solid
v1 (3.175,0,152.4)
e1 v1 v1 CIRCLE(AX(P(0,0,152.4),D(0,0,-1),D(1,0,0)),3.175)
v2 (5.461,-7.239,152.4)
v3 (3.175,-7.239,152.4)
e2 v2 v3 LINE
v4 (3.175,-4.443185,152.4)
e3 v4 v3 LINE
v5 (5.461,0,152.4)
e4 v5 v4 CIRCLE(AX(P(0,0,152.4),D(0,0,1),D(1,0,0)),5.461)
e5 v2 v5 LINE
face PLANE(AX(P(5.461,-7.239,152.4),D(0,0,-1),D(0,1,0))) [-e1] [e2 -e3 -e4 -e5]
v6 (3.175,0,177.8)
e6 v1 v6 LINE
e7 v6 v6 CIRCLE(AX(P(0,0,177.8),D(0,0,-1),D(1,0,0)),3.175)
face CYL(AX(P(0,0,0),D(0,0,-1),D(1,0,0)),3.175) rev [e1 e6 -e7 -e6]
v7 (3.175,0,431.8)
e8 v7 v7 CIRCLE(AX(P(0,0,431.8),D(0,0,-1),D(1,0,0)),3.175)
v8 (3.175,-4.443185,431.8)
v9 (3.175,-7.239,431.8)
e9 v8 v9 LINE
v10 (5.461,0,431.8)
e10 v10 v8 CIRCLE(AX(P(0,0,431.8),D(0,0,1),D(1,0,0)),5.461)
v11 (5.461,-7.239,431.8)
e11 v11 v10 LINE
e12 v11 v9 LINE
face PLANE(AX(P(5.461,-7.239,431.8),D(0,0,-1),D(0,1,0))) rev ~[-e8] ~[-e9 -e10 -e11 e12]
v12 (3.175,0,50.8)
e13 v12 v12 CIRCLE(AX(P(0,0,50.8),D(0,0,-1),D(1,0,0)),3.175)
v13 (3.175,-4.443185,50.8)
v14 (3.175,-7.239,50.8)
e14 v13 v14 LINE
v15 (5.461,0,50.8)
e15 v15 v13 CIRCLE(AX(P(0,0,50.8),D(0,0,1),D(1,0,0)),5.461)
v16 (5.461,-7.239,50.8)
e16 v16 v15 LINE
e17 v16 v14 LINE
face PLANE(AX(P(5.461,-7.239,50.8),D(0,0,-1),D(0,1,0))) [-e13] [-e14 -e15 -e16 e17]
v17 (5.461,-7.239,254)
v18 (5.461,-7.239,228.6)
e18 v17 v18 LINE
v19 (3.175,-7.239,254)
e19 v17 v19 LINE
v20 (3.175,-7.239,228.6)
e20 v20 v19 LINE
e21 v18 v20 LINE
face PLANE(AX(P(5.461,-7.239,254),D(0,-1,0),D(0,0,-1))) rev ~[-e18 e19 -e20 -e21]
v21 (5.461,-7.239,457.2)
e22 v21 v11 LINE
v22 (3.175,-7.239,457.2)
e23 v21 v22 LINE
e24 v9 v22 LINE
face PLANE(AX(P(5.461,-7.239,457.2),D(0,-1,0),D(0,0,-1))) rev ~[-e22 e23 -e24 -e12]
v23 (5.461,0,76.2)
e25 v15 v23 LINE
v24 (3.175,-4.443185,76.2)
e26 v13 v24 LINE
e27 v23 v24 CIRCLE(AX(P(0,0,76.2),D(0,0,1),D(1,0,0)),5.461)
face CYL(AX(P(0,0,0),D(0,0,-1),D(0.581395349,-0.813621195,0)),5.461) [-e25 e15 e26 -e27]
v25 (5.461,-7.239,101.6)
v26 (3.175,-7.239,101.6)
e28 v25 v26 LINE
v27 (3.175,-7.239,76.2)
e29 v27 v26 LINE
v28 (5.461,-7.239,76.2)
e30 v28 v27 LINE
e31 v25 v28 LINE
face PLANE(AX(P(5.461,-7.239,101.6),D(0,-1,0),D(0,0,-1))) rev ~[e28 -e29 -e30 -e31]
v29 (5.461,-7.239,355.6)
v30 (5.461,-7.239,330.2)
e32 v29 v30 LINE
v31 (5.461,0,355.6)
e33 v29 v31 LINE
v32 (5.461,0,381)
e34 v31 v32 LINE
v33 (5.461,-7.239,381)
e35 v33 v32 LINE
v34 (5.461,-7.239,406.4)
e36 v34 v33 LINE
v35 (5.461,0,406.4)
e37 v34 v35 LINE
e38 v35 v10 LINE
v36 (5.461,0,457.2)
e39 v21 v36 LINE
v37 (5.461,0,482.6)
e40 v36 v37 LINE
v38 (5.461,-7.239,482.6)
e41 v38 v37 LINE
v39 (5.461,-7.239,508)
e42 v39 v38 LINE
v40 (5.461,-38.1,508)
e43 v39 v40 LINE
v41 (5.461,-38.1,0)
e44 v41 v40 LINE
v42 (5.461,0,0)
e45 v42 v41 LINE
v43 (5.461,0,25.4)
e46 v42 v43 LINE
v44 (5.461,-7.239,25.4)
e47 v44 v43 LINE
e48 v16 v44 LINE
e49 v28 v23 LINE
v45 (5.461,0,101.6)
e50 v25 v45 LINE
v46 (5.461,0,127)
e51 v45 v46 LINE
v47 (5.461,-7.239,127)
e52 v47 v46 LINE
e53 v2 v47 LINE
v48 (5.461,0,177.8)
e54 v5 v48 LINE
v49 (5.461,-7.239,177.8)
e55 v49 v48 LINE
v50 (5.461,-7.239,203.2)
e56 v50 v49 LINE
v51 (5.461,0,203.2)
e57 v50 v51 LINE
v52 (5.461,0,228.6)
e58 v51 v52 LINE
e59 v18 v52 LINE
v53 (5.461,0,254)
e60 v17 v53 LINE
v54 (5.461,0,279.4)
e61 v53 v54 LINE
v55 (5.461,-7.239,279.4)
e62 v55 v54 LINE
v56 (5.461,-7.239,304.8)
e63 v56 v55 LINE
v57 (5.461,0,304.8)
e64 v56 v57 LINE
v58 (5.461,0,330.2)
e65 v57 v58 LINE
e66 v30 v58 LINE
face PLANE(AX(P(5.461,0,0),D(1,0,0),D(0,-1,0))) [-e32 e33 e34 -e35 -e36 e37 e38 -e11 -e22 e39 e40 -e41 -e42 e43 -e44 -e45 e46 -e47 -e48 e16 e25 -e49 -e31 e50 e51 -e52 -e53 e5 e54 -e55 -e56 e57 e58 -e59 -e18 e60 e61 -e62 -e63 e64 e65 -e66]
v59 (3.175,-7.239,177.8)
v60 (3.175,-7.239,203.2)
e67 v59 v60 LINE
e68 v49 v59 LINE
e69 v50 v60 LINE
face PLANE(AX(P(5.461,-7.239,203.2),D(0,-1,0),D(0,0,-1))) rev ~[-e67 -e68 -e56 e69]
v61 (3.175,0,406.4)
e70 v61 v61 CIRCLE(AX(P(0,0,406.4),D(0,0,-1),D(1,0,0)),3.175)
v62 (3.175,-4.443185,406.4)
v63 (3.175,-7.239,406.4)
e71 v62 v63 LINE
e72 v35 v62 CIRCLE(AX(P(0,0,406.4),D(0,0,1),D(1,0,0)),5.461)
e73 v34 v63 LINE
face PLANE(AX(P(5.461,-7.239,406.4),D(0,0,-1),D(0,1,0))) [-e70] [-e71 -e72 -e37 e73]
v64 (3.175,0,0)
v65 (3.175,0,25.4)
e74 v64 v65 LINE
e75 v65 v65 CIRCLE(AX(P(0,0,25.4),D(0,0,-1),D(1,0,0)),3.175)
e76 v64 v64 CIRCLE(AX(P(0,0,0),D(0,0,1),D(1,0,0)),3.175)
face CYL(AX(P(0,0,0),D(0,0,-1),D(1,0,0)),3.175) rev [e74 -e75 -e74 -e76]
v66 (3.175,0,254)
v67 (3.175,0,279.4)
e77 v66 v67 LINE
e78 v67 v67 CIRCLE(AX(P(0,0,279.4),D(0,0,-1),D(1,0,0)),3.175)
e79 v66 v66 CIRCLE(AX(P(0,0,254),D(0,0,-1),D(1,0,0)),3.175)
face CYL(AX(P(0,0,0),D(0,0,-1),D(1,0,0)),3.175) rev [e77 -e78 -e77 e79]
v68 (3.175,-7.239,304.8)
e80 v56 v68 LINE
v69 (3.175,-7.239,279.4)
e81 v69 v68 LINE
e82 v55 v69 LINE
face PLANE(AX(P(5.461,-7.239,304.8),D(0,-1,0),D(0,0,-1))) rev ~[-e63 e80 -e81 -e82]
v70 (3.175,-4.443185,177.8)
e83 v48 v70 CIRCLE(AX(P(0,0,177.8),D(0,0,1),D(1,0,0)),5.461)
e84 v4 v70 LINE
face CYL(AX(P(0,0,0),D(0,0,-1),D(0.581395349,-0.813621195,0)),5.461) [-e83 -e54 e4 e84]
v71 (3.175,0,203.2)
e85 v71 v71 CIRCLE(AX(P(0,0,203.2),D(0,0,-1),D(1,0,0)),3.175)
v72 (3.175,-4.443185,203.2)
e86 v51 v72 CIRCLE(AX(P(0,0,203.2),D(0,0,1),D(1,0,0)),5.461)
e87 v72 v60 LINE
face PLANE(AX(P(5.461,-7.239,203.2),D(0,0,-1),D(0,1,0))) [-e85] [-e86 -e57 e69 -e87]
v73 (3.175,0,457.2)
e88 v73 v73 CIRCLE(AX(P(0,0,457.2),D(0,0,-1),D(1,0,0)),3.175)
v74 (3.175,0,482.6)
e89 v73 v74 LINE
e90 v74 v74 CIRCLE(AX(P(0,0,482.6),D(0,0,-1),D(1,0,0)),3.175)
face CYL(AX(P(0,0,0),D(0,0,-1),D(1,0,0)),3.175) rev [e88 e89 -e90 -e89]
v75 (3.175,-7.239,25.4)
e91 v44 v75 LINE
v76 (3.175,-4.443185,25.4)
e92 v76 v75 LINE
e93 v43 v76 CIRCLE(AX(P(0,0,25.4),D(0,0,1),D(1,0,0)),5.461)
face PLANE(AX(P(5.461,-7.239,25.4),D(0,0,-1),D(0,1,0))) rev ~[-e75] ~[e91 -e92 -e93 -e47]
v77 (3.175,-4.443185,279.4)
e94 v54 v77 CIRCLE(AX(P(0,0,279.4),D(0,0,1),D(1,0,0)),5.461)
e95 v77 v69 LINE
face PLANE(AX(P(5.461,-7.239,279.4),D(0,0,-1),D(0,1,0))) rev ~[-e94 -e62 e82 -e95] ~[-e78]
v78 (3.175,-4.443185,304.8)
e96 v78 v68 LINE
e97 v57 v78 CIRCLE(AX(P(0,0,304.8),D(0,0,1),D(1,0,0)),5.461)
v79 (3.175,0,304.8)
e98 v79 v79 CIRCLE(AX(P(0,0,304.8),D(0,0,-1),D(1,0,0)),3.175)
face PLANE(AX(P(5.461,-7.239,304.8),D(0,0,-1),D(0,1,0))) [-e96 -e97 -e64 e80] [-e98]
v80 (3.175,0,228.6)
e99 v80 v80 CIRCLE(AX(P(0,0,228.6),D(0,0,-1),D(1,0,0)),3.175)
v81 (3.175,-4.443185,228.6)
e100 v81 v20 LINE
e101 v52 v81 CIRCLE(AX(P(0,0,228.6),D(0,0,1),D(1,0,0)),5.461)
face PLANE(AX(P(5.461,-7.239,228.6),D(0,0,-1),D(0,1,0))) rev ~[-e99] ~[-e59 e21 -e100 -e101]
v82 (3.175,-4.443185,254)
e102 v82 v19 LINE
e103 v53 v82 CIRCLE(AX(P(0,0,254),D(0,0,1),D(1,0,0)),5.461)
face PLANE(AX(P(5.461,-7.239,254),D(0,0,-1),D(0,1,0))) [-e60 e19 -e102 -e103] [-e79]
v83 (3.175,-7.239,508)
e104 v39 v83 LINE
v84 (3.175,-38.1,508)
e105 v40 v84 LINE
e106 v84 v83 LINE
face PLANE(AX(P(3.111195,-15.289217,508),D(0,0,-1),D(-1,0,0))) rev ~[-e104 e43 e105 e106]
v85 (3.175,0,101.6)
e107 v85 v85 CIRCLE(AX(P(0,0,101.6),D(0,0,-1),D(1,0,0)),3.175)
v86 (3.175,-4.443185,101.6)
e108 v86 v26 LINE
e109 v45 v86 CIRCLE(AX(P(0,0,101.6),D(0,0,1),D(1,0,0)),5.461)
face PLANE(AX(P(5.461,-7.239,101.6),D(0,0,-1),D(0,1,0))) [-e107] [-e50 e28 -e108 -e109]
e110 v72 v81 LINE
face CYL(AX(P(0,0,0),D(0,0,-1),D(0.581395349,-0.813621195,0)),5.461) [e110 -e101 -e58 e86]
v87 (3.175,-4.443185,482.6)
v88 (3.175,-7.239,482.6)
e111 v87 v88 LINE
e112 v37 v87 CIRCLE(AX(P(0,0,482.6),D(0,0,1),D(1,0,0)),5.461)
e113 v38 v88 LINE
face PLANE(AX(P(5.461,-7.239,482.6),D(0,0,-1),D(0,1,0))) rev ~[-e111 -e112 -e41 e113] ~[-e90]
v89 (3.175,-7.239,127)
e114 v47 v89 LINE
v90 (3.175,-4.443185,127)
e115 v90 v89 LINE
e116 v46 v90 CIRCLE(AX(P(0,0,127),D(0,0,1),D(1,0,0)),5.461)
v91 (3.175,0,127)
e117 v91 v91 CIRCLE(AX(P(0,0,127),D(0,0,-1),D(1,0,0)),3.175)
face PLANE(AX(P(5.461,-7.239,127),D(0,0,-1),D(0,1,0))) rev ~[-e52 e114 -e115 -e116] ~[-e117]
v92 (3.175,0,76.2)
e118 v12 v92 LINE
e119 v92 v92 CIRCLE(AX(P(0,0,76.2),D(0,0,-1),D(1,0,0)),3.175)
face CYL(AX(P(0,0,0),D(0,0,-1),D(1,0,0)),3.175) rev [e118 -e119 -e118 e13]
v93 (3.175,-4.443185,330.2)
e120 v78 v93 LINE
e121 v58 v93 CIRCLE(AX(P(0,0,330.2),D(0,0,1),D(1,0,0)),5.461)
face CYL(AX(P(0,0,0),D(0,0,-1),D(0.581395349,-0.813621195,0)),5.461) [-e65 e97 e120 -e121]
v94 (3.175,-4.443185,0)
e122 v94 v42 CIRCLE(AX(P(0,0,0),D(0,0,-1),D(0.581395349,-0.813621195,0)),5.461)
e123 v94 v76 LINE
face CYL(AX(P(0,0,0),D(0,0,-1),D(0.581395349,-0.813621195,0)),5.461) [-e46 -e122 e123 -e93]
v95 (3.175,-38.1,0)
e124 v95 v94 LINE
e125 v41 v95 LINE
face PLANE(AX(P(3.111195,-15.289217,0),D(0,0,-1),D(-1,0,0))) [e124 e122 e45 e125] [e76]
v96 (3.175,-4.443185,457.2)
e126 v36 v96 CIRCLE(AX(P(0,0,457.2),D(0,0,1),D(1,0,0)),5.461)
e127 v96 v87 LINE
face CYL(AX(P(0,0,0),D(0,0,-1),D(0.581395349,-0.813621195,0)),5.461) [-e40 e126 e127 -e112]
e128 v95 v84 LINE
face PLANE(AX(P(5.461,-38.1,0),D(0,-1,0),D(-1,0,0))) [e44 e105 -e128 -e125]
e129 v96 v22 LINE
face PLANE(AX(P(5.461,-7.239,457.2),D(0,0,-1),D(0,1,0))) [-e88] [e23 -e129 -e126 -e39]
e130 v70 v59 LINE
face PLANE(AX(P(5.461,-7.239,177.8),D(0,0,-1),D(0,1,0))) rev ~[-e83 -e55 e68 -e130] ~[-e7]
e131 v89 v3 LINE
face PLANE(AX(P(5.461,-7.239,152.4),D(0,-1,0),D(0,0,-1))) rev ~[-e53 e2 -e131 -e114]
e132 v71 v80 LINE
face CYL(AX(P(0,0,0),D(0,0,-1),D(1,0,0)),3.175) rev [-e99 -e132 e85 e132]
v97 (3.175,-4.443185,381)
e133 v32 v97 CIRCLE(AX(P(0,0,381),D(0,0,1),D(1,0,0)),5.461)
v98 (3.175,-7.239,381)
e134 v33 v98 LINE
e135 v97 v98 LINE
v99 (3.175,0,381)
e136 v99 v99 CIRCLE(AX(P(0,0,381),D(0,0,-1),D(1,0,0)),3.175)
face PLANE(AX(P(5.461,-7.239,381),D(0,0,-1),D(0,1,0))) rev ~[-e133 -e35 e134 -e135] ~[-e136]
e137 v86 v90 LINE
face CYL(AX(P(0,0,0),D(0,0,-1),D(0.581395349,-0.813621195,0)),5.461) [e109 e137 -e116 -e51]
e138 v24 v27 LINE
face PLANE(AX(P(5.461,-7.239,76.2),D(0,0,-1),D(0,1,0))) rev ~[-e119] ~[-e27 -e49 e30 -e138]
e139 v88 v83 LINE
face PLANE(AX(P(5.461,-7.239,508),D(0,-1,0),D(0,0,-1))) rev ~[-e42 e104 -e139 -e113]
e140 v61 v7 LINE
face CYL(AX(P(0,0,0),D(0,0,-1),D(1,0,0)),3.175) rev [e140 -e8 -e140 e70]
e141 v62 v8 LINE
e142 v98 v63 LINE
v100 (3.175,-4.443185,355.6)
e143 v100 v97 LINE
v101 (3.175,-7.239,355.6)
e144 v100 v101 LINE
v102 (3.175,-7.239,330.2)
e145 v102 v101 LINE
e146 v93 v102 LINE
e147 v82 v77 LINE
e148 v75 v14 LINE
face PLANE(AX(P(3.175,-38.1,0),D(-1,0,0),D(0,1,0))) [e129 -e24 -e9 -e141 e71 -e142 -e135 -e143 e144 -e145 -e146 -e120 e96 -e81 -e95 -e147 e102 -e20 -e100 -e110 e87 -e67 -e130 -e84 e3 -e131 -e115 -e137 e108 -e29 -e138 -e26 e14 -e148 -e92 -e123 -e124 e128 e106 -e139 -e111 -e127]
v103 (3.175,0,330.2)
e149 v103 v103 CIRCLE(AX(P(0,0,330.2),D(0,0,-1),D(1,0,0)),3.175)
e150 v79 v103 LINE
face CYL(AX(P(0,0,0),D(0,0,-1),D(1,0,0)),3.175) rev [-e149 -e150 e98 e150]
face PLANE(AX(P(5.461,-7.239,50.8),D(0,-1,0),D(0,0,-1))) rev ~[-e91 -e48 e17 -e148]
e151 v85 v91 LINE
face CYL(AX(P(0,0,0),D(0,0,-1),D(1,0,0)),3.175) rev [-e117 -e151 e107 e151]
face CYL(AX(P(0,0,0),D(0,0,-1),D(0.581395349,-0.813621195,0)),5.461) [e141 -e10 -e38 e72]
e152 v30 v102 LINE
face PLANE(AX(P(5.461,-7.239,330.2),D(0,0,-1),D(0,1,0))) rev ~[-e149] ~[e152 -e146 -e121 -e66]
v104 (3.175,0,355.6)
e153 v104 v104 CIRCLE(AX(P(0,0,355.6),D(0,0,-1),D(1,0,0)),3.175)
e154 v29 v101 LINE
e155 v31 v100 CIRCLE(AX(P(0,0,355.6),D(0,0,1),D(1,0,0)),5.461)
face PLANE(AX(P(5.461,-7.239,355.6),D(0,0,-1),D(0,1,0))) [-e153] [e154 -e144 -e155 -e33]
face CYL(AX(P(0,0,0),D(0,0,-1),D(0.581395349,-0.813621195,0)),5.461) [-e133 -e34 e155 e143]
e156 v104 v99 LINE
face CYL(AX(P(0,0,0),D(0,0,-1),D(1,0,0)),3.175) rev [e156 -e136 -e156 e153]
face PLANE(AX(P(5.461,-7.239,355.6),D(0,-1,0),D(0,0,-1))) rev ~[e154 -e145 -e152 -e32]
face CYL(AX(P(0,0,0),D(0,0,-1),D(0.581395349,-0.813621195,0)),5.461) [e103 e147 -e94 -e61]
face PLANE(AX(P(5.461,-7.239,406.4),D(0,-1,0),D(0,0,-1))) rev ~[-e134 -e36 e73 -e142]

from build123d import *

# Parameters (mm, degrees)
SKETCH1_R           = 3.175
BOSS_EXTRUDE1_DEPTH = 508
SKETCH2_W           = 25.4
SKETCH2_H           = 12.7
CUT_EXTRUDE1_DEPTH  = 11.922
LPATTERN1_COUNT     = 10
LPATTERN1_PITCH     = 50.8


with BuildPart() as part:
    # Sketch1 → Boss-Extrude1 (new body)
    with BuildSketch(Plane.XY):
        with BuildLine():
            Line((5.461, 0), (5.461, -38.1))
            Line((5.461, -38.1), (3.175, -38.1))
            Line((3.175, -38.1), (3.175, -4.443185344))
            ThreePointArc((3.175, -4.443185344), (-4.855985791, 2.498384078), (5.461, 0))
        make_face()
        Circle(SKETCH1_R, mode=Mode.SUBTRACT)
    extrude(amount=BOSS_EXTRUDE1_DEPTH)

    # Sketch2 → Cut-Extrude1 (cut, through all)
    with BuildSketch(Plane(origin=(5.461, 0, 0), x_dir=(0, 0, -1), z_dir=(1, 0, 0))):
        with Locations((-495.3, -0.889)):
            Rectangle(SKETCH2_W, SKETCH2_H)
    cut_extrude1 = extrude(amount=-CUT_EXTRUDE1_DEPTH, mode=Mode.SUBTRACT)

    # LPattern1: Cut-Extrude1 ×10
    with Locations(*[(0, 0, -i * LPATTERN1_PITCH) for i in range(1, LPATTERN1_COUNT)]):
        add(cut_extrude1, mode=Mode.SUBTRACT)


solid = part.part
